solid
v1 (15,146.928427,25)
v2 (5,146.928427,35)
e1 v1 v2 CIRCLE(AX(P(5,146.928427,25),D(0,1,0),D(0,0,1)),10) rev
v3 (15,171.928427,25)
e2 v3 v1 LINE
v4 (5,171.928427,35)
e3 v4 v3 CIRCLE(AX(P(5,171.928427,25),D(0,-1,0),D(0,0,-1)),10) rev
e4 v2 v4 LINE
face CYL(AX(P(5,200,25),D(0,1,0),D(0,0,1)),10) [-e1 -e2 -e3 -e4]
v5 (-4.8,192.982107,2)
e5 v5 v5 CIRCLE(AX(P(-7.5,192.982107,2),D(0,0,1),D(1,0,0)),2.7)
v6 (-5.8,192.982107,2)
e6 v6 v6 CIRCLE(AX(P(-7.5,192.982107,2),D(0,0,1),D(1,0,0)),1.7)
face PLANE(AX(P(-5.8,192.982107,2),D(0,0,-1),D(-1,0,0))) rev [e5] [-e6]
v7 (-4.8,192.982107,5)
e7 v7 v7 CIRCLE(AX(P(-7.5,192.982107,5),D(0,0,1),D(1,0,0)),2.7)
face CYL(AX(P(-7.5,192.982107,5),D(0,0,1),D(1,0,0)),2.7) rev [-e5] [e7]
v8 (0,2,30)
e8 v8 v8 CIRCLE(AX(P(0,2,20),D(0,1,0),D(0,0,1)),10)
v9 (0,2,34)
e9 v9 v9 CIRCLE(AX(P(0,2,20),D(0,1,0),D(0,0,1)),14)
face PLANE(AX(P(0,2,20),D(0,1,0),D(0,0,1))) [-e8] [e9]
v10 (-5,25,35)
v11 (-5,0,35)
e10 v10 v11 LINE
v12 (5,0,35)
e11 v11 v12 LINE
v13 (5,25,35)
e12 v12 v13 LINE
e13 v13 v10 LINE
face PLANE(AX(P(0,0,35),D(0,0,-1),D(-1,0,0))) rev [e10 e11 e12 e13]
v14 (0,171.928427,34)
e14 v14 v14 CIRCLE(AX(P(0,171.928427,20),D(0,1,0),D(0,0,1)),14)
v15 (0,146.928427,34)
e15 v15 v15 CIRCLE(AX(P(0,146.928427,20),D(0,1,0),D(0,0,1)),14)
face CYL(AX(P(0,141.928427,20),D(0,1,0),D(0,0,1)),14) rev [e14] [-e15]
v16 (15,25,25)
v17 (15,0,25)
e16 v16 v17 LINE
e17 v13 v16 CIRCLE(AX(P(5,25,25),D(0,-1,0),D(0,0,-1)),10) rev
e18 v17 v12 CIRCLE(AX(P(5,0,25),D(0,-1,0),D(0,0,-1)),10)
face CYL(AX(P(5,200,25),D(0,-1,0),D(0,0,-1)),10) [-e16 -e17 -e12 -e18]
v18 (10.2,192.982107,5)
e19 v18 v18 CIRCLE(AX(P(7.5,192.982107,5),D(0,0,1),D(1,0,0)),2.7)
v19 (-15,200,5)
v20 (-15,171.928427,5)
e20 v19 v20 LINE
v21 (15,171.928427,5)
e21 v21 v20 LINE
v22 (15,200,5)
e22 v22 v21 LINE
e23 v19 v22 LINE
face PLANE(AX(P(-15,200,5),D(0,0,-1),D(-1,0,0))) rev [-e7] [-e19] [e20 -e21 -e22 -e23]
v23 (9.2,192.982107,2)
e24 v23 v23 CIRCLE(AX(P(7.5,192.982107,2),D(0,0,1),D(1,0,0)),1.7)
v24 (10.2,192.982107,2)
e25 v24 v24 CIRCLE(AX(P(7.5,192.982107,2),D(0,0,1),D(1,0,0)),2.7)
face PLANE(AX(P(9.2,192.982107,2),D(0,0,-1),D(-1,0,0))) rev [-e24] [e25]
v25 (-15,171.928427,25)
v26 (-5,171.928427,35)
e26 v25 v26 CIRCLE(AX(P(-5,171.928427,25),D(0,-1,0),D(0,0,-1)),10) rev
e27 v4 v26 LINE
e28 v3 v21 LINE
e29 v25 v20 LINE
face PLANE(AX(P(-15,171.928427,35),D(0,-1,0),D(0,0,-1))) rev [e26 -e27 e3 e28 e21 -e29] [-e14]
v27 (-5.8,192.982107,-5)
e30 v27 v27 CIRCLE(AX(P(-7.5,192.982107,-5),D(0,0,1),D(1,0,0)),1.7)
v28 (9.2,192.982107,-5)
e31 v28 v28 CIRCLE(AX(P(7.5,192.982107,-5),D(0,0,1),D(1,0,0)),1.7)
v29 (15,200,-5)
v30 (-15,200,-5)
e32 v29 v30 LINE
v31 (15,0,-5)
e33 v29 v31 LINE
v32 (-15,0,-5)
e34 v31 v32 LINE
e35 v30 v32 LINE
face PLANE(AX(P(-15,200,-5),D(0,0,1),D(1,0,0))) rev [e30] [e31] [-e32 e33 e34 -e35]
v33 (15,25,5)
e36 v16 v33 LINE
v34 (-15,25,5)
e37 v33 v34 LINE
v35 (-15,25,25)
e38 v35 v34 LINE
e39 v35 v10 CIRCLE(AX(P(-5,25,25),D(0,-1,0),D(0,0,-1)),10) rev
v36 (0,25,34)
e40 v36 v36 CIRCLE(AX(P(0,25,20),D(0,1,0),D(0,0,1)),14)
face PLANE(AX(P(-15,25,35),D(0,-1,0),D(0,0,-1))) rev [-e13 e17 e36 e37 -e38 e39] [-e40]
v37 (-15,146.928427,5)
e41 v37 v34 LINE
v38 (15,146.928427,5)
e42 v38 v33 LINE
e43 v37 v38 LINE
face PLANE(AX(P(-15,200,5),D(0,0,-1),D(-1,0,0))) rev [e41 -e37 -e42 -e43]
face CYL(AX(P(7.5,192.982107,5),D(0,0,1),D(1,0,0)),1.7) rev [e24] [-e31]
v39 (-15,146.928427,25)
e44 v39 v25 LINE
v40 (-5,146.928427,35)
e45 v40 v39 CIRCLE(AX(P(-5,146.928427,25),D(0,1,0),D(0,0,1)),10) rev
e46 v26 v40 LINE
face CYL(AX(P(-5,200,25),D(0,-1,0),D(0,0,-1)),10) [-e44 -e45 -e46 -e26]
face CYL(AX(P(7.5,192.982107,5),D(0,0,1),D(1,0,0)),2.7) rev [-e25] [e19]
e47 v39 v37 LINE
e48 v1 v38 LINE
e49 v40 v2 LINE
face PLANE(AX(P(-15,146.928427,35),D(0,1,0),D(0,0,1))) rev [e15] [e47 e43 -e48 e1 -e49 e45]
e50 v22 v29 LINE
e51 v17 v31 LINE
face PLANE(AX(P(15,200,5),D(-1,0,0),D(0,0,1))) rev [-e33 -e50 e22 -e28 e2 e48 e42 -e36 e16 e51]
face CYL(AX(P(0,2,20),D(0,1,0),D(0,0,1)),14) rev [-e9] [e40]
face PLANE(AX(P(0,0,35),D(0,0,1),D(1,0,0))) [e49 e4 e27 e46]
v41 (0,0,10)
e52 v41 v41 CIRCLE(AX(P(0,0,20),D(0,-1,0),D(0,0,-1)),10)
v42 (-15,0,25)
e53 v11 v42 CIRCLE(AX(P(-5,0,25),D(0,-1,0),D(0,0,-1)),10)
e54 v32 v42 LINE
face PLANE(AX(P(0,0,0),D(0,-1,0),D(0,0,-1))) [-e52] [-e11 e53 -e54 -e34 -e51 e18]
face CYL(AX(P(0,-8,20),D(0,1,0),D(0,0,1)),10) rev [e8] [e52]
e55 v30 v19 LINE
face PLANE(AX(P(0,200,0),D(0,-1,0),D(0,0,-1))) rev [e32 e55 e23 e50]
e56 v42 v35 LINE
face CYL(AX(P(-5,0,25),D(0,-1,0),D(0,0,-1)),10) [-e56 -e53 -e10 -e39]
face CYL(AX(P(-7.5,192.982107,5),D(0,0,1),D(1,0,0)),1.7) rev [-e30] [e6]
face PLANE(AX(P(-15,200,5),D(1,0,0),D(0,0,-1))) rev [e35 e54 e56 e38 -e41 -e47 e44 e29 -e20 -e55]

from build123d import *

# Parameters (mm, degrees)
SKETCH1_W                      = 30
SKETCH1_H                      = 10
BOSS_EXTRUDE1_DEPTH            = 200
SKETCH2_W                      = 30
SKETCH2_H                      = 25
BOSS_EXTRUDE2_DEPTH            = 30
SKETCH3_R                      = 14
CUT_EXTRUDE1_DEPTH             = 23
FILLET1_R                      = 10
FILLET2_R                      = 10
SKETCH5_W                      = 30
SKETCH5_H                      = 25
BOSS_EXTRUDE3_DEPTH            = 30
SKETCH6_R                      = 14
CUT_EXTRUDE2_DEPTH             = 30
FILLET3_R                      = 10
FILLET4_R                      = 10
CBORE_FOR_M3_SHCS1_D           = 3.4
CBORE_FOR_M3_SHCS1_CBORE_D     = 5.4
CBORE_FOR_M3_SHCS1_CBORE_DEPTH = 3
SKETCH11_R                     = 10
CUT_EXTRUDE3_DEPTH             = 10


with BuildPart() as part:
    # Sketch1 → Boss-Extrude1 (new body)
    with BuildSketch(Plane(origin=(0, 0, 0), x_dir=(1, 0, 0), z_dir=(0, 1, 0))):
        Rectangle(SKETCH1_W, SKETCH1_H)
    extrude(amount=BOSS_EXTRUDE1_DEPTH)

    # Sketch2 → Boss-Extrude2 (add)
    with BuildSketch(Plane.XY.offset(5)):
        with Locations((0, 12.5)):
            Rectangle(SKETCH2_W, SKETCH2_H)
    extrude(amount=BOSS_EXTRUDE2_DEPTH)

    # Sketch3 → Cut-Extrude1 (cut)
    with BuildSketch(Plane(origin=(0, 25, 0), x_dir=(1, 0, 0), z_dir=(0, 1, 0))):
        with Locations((0, -20)):
            Circle(SKETCH3_R)
    extrude(amount=-CUT_EXTRUDE1_DEPTH, mode=Mode.SUBTRACT)

    # Fillet1
    fillet1_edges = [part.edges().sort_by_distance(p)[0] for p in [
        (15, 12.5, 35),
    ]]
    fillet(fillet1_edges, radius=FILLET1_R)

    # Fillet2
    fillet2_edges = [part.edges().sort_by_distance(p)[0] for p in [
        (-15, 12.5, 35),
    ]]
    fillet(fillet2_edges, radius=FILLET2_R)

    # Sketch5 → Boss-Extrude3 (add)
    with BuildSketch(Plane.XY.offset(5)):
        with Locations((0, 159.428426998)):
            Rectangle(SKETCH5_W, SKETCH5_H)
    extrude(amount=BOSS_EXTRUDE3_DEPTH)

    # Sketch6 → Cut-Extrude2 (cut)
    with BuildSketch(Plane(origin=(0, 171.928426998, 0), x_dir=(1, 0, 0), z_dir=(0, 1, 0))):
        with Locations((0, -20)):
            Circle(SKETCH6_R)
    extrude(amount=-CUT_EXTRUDE2_DEPTH, mode=Mode.SUBTRACT)

    # Fillet3
    fillet3_edges = [part.edges().sort_by_distance(p)[0] for p in [
        (-15, 159.428426998, 35),
    ]]
    fillet(fillet3_edges, radius=FILLET3_R)

    # Fillet4
    fillet4_edges = [part.edges().sort_by_distance(p)[0] for p in [
        (15, 159.428426998, 35),
    ]]
    fillet(fillet4_edges, radius=FILLET4_R)

    # CBORE for M3 SHCS1 (through all)
    with Locations(Plane.XY.offset(5)):
        with Locations((-7.5, 192.982106749)):
            cbore_for_m3_shcs1 = CounterBoreHole(CBORE_FOR_M3_SHCS1_D / 2, CBORE_FOR_M3_SHCS1_CBORE_D / 2, CBORE_FOR_M3_SHCS1_CBORE_DEPTH)

    # Mirror1: CBORE for M3 SHCS1 across plane
    add(cbore_for_m3_shcs1.mirror(Plane(origin=(0, 0, 0), x_dir=(0, 0, 1), z_dir=(1, 0, 0))), mode=Mode.SUBTRACT)

    # Sketch11 → Cut-Extrude3 (cut)
    with BuildSketch(Plane(origin=(0, 2, 0), x_dir=(1, 0, 0), z_dir=(0, 1, 0))):
        with Locations((0, -20)):
            Circle(SKETCH11_R)
    extrude(amount=-CUT_EXTRUDE3_DEPTH, mode=Mode.SUBTRACT)


solid = part.part
